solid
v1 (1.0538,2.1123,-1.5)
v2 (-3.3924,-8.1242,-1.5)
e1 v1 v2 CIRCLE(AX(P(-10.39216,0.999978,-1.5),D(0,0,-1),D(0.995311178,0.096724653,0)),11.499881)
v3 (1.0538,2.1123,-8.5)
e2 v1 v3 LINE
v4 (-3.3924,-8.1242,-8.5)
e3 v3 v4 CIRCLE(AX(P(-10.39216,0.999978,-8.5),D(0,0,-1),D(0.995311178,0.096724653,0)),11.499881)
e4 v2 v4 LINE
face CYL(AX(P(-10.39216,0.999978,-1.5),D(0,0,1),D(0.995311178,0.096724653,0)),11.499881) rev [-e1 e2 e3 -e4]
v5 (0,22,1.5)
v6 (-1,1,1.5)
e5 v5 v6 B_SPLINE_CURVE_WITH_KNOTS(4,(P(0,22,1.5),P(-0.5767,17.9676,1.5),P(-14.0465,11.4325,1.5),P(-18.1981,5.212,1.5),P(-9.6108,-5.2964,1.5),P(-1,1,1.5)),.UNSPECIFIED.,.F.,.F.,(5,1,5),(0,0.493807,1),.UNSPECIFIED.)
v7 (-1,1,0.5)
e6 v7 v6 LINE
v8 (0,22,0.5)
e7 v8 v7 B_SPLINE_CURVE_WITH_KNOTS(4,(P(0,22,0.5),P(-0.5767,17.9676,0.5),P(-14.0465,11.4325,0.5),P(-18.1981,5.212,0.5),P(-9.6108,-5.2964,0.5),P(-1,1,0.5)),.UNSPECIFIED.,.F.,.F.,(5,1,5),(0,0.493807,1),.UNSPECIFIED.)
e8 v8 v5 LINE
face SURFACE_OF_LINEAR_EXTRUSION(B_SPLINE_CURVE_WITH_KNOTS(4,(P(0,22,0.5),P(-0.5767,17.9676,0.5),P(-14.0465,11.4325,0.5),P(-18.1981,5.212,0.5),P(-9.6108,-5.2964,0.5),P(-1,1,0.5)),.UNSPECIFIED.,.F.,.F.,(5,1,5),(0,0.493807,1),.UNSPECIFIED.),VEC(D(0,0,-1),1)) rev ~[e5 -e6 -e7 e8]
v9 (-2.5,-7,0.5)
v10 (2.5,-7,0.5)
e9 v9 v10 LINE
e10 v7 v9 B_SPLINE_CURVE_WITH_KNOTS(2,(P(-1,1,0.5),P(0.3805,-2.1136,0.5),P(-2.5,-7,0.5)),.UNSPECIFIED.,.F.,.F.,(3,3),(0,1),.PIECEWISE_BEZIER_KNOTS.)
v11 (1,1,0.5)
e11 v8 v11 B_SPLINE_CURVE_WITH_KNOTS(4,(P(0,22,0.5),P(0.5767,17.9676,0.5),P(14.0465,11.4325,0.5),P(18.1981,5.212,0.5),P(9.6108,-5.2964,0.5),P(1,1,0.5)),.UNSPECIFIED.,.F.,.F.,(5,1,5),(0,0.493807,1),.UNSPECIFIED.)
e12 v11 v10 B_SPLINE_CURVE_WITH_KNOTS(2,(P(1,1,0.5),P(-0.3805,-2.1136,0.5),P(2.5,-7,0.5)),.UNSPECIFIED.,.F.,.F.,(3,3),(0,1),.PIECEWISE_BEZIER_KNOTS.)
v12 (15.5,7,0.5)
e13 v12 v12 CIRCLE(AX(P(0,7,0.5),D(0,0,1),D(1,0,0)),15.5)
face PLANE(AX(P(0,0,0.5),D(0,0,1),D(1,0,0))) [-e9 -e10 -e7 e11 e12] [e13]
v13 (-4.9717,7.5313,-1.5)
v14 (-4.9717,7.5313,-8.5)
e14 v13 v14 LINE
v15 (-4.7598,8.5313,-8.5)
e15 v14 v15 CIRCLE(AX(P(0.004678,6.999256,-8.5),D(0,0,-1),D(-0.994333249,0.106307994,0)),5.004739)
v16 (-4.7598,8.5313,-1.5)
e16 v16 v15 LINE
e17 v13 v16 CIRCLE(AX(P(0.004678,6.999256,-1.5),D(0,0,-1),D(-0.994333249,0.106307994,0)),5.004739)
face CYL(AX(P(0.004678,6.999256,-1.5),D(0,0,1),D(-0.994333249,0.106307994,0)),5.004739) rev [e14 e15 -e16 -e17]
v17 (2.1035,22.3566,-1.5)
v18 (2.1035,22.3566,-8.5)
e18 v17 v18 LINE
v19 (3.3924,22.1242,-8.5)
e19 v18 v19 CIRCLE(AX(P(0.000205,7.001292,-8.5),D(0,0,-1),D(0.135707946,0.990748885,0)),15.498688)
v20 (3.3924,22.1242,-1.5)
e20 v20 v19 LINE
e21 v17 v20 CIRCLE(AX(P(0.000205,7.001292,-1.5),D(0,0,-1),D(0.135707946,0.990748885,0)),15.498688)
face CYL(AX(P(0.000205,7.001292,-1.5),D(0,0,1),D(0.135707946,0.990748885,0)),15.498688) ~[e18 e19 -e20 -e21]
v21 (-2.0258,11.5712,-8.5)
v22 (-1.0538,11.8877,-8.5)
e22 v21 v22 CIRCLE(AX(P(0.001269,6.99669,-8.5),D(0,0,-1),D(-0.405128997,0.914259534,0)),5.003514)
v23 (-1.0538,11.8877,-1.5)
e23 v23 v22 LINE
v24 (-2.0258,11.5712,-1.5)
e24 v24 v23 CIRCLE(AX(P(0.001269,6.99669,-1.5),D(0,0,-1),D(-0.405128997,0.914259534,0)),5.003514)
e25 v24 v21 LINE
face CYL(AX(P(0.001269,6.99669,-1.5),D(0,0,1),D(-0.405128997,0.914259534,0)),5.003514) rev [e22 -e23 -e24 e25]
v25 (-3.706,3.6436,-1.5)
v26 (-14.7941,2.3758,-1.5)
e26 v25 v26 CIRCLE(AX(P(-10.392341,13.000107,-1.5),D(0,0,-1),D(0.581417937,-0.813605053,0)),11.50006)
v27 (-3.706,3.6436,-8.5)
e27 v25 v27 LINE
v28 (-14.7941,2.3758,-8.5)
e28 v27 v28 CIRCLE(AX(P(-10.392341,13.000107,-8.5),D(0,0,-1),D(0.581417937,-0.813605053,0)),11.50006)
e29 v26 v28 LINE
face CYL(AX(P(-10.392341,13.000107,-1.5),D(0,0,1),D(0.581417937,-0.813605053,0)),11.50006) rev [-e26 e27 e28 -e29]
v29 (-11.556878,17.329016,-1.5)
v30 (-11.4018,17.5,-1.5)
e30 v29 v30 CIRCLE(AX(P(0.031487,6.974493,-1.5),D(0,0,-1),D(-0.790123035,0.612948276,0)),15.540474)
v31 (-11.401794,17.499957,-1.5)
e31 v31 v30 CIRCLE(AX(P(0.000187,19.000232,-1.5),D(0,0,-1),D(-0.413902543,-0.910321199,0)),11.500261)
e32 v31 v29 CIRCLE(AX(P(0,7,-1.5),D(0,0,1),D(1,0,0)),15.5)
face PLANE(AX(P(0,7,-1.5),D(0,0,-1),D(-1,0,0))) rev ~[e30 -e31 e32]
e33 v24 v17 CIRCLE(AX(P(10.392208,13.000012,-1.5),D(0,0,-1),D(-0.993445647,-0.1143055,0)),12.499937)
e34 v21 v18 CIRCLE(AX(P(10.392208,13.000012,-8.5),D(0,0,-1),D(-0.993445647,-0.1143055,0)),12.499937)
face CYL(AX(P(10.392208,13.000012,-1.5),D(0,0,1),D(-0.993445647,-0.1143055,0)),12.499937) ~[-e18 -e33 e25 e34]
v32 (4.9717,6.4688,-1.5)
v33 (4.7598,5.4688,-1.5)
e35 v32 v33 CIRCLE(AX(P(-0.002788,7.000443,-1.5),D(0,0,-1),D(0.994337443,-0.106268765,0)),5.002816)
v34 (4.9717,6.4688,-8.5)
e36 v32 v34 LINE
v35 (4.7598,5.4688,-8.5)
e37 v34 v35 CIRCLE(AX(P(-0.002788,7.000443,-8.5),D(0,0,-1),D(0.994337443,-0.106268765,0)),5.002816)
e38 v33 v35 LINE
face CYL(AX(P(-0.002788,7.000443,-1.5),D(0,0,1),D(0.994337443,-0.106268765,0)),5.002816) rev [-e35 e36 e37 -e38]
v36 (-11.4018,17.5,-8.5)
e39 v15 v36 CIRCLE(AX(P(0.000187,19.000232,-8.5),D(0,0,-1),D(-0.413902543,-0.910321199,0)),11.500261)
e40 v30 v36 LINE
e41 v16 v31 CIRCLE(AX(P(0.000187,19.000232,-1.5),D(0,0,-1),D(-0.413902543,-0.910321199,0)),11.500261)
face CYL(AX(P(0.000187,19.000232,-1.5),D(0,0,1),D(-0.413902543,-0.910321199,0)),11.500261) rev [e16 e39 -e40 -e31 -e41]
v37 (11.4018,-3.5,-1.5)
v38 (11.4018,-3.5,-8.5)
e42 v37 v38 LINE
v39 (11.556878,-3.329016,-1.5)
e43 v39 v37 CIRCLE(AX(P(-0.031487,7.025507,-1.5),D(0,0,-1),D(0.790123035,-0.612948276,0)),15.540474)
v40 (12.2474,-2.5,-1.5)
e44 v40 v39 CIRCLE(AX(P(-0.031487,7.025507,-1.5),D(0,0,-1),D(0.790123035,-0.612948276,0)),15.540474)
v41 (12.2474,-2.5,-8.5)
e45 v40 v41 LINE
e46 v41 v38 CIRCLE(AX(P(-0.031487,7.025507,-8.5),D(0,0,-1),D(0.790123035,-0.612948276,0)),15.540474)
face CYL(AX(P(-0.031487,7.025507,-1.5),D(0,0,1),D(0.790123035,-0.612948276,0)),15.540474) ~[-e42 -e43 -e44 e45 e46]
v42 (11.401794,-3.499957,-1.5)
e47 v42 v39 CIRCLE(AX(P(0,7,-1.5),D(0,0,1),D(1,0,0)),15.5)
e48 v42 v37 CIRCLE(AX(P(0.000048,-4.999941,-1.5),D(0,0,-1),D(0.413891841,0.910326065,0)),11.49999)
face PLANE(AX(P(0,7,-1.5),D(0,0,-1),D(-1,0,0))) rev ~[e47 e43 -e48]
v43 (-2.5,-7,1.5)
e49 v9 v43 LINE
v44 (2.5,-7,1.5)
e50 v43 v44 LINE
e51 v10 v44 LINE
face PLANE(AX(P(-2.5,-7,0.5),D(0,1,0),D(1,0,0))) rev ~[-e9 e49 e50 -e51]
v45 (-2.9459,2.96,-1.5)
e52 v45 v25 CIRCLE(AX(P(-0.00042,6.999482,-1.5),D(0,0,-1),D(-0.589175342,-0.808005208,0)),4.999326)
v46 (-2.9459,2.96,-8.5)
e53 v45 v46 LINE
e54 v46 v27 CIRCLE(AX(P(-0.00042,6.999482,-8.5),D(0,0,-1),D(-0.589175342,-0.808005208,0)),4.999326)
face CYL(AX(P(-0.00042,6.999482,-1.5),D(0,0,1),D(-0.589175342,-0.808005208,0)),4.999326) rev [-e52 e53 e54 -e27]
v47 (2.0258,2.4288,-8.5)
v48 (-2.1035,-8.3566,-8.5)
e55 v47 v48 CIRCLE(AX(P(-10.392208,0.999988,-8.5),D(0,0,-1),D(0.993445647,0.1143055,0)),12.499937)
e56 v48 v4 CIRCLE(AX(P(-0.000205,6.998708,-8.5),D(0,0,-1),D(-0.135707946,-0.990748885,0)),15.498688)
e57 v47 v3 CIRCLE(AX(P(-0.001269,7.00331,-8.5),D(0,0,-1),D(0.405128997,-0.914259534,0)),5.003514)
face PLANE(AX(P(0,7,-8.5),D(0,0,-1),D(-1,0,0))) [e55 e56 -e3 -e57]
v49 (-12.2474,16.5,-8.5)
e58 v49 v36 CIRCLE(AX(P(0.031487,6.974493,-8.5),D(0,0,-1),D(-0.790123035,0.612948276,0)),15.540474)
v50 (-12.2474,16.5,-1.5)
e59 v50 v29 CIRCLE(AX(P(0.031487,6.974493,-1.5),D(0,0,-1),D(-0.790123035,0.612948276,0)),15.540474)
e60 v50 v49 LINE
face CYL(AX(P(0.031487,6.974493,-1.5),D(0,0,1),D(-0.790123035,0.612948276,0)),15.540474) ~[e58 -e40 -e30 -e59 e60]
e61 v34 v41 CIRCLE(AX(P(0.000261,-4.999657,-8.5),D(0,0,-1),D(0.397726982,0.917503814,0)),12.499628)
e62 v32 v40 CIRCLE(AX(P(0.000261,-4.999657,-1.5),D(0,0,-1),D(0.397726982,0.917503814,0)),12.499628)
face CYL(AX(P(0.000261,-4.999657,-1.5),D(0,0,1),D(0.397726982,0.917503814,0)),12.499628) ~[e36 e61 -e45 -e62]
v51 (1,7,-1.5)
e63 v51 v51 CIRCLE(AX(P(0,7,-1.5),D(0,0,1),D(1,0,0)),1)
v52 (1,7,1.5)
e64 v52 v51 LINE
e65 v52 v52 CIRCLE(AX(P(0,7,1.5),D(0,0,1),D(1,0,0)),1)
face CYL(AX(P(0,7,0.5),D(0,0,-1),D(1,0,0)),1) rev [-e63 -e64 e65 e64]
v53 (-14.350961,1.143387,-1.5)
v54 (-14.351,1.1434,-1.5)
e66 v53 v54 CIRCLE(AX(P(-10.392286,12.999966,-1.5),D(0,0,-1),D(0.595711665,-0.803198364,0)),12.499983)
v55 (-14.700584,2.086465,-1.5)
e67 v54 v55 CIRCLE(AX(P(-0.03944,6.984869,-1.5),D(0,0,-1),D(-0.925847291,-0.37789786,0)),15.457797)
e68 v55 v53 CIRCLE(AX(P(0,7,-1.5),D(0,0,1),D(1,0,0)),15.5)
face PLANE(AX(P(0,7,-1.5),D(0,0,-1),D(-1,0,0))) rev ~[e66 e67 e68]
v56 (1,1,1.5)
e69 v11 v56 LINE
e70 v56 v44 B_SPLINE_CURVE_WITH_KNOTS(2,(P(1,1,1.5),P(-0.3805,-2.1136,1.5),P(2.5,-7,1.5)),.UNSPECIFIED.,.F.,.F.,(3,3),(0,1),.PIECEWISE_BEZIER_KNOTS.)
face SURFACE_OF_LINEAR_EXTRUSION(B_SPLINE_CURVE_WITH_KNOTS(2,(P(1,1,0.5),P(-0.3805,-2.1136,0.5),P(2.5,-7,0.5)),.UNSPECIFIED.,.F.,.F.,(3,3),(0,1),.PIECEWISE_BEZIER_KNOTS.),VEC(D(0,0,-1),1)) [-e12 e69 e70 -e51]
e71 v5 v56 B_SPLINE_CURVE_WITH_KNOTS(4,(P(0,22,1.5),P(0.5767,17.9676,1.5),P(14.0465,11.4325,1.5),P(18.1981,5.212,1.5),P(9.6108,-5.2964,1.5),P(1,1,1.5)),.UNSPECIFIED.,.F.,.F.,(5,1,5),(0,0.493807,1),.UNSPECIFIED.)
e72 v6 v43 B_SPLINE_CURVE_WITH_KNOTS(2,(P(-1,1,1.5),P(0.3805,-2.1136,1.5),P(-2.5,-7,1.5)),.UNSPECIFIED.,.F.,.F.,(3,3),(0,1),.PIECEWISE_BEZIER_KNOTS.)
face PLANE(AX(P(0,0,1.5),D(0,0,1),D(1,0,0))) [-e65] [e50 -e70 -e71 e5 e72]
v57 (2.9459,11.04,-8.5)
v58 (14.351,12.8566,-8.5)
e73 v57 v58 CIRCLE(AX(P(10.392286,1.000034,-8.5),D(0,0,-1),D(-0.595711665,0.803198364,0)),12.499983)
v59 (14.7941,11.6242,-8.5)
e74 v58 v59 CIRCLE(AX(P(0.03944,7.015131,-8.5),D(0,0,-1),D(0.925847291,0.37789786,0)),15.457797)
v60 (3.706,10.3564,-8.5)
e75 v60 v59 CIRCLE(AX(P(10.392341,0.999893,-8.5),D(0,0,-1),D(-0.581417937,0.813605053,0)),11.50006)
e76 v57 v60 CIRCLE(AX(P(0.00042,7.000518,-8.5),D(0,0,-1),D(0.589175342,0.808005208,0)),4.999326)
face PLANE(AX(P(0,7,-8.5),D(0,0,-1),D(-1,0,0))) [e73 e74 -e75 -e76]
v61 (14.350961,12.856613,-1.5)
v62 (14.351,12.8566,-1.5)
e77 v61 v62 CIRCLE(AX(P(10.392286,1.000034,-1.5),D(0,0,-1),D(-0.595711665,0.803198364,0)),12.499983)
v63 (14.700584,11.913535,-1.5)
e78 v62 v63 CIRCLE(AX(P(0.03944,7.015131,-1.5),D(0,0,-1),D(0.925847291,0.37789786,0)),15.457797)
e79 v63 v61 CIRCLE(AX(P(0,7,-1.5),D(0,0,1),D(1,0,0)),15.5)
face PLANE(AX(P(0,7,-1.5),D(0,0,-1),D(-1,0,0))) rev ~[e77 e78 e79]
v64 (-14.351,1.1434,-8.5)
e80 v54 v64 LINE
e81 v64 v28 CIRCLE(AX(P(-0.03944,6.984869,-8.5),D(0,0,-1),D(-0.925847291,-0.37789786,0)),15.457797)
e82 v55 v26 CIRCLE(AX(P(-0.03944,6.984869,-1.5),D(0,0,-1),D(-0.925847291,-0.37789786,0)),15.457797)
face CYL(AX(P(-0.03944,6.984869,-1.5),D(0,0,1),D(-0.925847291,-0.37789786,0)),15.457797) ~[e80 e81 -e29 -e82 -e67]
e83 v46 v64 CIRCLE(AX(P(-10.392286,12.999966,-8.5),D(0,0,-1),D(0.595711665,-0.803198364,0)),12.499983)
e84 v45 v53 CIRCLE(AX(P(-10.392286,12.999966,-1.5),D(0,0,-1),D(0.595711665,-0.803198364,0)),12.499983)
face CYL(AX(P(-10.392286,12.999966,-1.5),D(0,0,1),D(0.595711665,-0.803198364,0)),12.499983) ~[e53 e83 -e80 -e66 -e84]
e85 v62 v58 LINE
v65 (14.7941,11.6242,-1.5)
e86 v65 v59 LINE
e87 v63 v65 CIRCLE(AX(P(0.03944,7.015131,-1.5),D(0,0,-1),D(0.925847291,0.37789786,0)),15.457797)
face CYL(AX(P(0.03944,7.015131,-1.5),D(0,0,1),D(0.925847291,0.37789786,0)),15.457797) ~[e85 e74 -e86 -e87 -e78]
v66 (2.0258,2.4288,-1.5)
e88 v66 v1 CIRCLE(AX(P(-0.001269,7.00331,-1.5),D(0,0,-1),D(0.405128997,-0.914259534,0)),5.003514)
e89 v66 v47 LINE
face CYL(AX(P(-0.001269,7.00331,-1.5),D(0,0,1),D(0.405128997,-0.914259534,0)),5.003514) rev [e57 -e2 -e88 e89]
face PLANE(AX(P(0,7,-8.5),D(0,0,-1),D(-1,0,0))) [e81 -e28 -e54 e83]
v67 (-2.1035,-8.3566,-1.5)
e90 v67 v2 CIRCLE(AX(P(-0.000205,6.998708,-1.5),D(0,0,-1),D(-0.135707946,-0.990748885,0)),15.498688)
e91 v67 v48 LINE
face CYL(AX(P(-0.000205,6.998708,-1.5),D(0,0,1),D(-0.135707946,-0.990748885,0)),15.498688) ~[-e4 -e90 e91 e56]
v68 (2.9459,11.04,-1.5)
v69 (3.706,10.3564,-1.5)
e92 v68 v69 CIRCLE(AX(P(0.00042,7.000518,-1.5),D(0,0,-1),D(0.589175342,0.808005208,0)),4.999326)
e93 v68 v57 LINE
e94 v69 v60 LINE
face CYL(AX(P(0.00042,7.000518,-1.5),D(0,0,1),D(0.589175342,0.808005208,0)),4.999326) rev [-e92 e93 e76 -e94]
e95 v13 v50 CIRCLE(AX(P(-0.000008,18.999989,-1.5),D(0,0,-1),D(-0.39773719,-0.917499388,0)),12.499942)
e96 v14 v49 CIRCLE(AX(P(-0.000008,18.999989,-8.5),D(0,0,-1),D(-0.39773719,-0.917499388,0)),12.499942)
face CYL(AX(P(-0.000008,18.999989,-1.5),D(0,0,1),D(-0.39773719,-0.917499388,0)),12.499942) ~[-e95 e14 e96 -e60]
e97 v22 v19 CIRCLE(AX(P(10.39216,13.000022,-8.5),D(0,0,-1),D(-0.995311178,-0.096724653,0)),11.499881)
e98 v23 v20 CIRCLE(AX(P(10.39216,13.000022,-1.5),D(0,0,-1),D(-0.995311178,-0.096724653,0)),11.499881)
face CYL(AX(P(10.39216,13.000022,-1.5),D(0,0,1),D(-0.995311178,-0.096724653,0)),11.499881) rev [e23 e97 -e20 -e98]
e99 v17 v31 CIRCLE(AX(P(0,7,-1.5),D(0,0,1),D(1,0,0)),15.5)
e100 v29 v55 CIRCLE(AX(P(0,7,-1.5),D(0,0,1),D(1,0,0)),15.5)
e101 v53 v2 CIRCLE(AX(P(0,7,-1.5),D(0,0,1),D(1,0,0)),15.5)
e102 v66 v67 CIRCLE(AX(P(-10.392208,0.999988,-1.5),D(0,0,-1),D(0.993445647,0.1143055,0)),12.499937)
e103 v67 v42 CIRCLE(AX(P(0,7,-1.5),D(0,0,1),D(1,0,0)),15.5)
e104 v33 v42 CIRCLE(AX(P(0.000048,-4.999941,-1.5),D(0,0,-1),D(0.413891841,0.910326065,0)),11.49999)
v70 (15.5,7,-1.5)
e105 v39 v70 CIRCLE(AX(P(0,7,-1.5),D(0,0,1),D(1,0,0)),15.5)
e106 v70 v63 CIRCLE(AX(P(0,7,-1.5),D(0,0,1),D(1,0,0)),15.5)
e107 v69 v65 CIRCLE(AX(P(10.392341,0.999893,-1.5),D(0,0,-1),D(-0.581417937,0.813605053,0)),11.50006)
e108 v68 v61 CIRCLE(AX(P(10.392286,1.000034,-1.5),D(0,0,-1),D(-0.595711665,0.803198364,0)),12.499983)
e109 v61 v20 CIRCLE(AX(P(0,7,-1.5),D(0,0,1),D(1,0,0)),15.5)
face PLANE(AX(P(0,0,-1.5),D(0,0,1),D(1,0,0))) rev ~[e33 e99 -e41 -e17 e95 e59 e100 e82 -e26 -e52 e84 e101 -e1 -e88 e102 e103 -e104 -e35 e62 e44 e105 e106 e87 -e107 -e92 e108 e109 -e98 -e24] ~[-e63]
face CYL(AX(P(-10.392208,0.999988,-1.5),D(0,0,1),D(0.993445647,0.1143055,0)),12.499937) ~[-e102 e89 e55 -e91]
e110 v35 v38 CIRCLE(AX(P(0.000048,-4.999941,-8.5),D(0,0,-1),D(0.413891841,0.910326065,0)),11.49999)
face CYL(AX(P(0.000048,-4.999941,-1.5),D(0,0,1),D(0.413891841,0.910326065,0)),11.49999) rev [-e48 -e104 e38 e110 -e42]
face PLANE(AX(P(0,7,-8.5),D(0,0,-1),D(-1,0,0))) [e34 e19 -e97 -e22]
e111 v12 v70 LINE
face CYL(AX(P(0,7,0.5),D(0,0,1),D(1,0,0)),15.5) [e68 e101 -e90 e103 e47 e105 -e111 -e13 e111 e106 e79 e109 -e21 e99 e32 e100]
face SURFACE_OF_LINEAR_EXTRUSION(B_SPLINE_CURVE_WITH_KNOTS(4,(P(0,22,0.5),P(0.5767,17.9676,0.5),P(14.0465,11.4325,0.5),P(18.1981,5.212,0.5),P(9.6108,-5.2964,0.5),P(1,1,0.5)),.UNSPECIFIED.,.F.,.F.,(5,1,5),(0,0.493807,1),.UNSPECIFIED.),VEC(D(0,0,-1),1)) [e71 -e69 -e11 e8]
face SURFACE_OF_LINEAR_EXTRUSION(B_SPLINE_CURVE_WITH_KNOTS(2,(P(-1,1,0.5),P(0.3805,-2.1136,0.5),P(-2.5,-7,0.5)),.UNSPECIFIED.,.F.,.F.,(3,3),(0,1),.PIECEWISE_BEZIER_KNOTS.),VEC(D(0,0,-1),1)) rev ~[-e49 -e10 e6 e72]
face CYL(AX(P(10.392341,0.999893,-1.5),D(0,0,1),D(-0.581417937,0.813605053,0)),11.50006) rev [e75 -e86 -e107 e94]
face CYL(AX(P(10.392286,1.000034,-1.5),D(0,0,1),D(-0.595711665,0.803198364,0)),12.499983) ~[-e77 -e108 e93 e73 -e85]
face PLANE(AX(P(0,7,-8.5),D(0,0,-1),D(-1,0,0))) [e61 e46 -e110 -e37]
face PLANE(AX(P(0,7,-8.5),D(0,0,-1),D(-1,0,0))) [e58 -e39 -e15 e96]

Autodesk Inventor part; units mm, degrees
ref_plane "YZ Plane" through (0, 0, 0) normal (1, 0, 0) x (0, 1, 0)
ref_plane "XZ Plane" through (0, 0, 0) normal (0, 1, 0) x (-1, 0, 0)
ref_plane "作業平面4" through (0, 0, 0.5) normal (0, 0, 1) x (1, 0, 0)
sketch "スペード" plane through (0, 0, 0.5) normal (0, 0, 1) x (1, 0, 0)
  spline S0 degree 4 poles (0, 22) (-0.5767, 17.9676) (-14.0465, 11.4325) (-18.1981, 5.212) (-9.6108, -5.2964) (-1, 1) knots 0 0 0 0 0 0.493807 1 1 1 1 1
  spline S1 degree 4 poles (0, 22) (0.5767, 17.9676) (14.0465, 11.4325) (18.1981, 5.212) (9.6108, -5.2964) (1, 1) knots 0 0 0 0 0 0.493807 1 1 1 1 1
  spline S2 degree 2 poles (1, 1) (-0.3805, -2.1136) (2.5, -7) knots 0 0 0 1 1 1
  spline S3 degree 2 poles (-1, 1) (0.3805, -2.1136) (-2.5, -7) knots 0 0 0 1 1 1
  line L0 (-2.5, -7) -> (2.5, -7)
  circle A0 centre (0, 7) radius 15.5
  circle A1 centre (0, 7) radius 1
  point P0 (0, 0)
  point P1 (-5, 16)
  point P2 (-12, 10)
  point P3 (-14, 5)
  point P4 (5, 16)
  point P5 (12, 10)
  point P6 (14, 5)
  point P7 (-12, 0)
  point P8 (12, 0)
  point P9 (0.6, -2)
  point P10 (-0.6, -2)
  dimension "d180" = 5
  dimension "d181" = 5
  dimension "d182" = 12
  dimension "d183" = 12
  dimension "d184" = 14
  dimension "d185" = 14
  dimension "d186" = 12
  dimension "d187" = 12
  dimension "d188" = 21
  dimension "d189" = 21
  dimension "d190" = 6
  dimension "d191" = 0
  dimension "d192" = 6
  dimension "d193" = 1
  dimension "d194" = 1
  dimension "d195" = 6
  dimension "d196" = 6
  dimension "d197" = 5
  dimension "d198" = 5
  dimension "d199" = 5
  dimension "d200" = 5
  dimension "d202" = 22
  dimension "d203" = 0.6
  dimension "d204" = 2.5
  dimension "d206" = 0.6
  dimension "d207" = 2.5
  dimension "d208" = 8
  dimension "d209" = 3
  dimension "d210" = 3
  dimension "d251" = 31
  dimension "d252" = 15
  dimension "d253" = 0
  dimension "d258" = 2
extrude "押し出し14" add sketch "スペード" against normal blind 2 contours S1 S2 L0 S3 S0 | A0
extrude "押し出し15" add sketch "スペード" along normal blind 1 contours S1 S2 L0 S3 S0
sketch "スケッチ19" plane through (0, 7, -1.5) normal (0, 0, -1) x (-1, 0, 0)
  circle A0 centre (0, 0) radius 15.5 construction
  circle A1 centre (0, 12) radius 12 construction
  line L0 (0, 0) -> (0, 29.6691) construction
  circle A2 centre (0, 0) radius 5 construction
  arc A3 (4.7598, 1.5313) -> (11.4018, 10.5) centre (0, 12) ccw
  arc A4 (4.9717, 0.5313) -> (12.2474, 9.5) centre (0, 12) ccw
  arc A5 (4.9717, 0.5313) -> (4.7598, 1.5313) centre (0, 0) ccw
  arc A6 (12.2474, 9.5) -> (11.4018, 10.5) centre (0, 0) ccw
  arc A7 (-2.1035, 15.3566) -> (-3.3924, 15.1242) centre (0, 0) ccw
  arc A8 (1.0538, 4.8877) -> (-3.3924, 15.1242) centre (-10.3923, 6) ccw
  arc A9 (2.0258, 4.5712) -> (-2.1035, 15.3566) centre (-10.3923, 6) ccw
  arc A10 (2.0258, 4.5712) -> (1.0538, 4.8877) centre (0, 0) ccw
  arc A11 (-14.351, 5.8566) -> (-14.7941, 4.6242) centre (0, 0) ccw
  arc A12 (-3.706, 3.3564) -> (-14.7941, 4.6242) centre (-10.3923, -6) ccw
  arc A13 (-2.9459, 4.04) -> (-14.351, 5.8566) centre (-10.3923, -6) ccw
  arc A14 (-2.9459, 4.04) -> (-3.706, 3.3564) centre (0, 0) ccw
  arc A15 (-12.2474, -9.5) -> (-11.4018, -10.5) centre (0, 0) ccw
  arc A16 (-4.7598, -1.5312) -> (-11.4018, -10.5) centre (0, -12) ccw
  arc A17 (-4.9717, -0.5312) -> (-12.2474, -9.5) centre (0, -12) ccw
  arc A18 (-4.9717, -0.5312) -> (-4.7598, -1.5312) centre (0, 0) ccw
  arc A19 (2.1035, -15.3566) -> (3.3924, -15.1242) centre (0, 0) ccw
  arc A20 (-1.0538, -4.8877) -> (3.3924, -15.1242) centre (10.3923, -6) ccw
  arc A21 (-2.0258, -4.5712) -> (2.1035, -15.3566) centre (10.3923, -6) ccw
  arc A22 (-2.0258, -4.5712) -> (-1.0538, -4.8877) centre (0, 0) ccw
  arc A23 (14.351, -5.8566) -> (14.7941, -4.6242) centre (0, 0) ccw
  arc A24 (3.706, -3.3564) -> (14.7941, -4.6242) centre (10.3923, 6) ccw
  arc A25 (2.9459, -4.04) -> (14.351, -5.8566) centre (10.3923, 6) ccw
  arc A26 (2.9459, -4.04) -> (3.706, -3.3564) centre (0, 0) ccw
  point P0 (0, -7)
  dimension "d270" = 24
  dimension "d271" = 0
  dimension "d272" = 10
  dimension "d273" = 11.5
  dimension "d274" = 12.5
  dimension "d283" = 360
extrude "押し出し17" add sketch "スケッチ19" along normal blind 7
sketch "羽2" plane through (0, 7, 0.5) normal (0, 0, 1) x (1, 0, 0)
  line L0 (2.5, -14) -> (-2.5, -14) projected
  circle A0 centre (0, 0) radius 15.5 projected
  point P0 (0, -7)
  point P1 (0, 15)
  point P2 (1, -6)
  point P3 (-1, -6)
properties part number "s_fan"
